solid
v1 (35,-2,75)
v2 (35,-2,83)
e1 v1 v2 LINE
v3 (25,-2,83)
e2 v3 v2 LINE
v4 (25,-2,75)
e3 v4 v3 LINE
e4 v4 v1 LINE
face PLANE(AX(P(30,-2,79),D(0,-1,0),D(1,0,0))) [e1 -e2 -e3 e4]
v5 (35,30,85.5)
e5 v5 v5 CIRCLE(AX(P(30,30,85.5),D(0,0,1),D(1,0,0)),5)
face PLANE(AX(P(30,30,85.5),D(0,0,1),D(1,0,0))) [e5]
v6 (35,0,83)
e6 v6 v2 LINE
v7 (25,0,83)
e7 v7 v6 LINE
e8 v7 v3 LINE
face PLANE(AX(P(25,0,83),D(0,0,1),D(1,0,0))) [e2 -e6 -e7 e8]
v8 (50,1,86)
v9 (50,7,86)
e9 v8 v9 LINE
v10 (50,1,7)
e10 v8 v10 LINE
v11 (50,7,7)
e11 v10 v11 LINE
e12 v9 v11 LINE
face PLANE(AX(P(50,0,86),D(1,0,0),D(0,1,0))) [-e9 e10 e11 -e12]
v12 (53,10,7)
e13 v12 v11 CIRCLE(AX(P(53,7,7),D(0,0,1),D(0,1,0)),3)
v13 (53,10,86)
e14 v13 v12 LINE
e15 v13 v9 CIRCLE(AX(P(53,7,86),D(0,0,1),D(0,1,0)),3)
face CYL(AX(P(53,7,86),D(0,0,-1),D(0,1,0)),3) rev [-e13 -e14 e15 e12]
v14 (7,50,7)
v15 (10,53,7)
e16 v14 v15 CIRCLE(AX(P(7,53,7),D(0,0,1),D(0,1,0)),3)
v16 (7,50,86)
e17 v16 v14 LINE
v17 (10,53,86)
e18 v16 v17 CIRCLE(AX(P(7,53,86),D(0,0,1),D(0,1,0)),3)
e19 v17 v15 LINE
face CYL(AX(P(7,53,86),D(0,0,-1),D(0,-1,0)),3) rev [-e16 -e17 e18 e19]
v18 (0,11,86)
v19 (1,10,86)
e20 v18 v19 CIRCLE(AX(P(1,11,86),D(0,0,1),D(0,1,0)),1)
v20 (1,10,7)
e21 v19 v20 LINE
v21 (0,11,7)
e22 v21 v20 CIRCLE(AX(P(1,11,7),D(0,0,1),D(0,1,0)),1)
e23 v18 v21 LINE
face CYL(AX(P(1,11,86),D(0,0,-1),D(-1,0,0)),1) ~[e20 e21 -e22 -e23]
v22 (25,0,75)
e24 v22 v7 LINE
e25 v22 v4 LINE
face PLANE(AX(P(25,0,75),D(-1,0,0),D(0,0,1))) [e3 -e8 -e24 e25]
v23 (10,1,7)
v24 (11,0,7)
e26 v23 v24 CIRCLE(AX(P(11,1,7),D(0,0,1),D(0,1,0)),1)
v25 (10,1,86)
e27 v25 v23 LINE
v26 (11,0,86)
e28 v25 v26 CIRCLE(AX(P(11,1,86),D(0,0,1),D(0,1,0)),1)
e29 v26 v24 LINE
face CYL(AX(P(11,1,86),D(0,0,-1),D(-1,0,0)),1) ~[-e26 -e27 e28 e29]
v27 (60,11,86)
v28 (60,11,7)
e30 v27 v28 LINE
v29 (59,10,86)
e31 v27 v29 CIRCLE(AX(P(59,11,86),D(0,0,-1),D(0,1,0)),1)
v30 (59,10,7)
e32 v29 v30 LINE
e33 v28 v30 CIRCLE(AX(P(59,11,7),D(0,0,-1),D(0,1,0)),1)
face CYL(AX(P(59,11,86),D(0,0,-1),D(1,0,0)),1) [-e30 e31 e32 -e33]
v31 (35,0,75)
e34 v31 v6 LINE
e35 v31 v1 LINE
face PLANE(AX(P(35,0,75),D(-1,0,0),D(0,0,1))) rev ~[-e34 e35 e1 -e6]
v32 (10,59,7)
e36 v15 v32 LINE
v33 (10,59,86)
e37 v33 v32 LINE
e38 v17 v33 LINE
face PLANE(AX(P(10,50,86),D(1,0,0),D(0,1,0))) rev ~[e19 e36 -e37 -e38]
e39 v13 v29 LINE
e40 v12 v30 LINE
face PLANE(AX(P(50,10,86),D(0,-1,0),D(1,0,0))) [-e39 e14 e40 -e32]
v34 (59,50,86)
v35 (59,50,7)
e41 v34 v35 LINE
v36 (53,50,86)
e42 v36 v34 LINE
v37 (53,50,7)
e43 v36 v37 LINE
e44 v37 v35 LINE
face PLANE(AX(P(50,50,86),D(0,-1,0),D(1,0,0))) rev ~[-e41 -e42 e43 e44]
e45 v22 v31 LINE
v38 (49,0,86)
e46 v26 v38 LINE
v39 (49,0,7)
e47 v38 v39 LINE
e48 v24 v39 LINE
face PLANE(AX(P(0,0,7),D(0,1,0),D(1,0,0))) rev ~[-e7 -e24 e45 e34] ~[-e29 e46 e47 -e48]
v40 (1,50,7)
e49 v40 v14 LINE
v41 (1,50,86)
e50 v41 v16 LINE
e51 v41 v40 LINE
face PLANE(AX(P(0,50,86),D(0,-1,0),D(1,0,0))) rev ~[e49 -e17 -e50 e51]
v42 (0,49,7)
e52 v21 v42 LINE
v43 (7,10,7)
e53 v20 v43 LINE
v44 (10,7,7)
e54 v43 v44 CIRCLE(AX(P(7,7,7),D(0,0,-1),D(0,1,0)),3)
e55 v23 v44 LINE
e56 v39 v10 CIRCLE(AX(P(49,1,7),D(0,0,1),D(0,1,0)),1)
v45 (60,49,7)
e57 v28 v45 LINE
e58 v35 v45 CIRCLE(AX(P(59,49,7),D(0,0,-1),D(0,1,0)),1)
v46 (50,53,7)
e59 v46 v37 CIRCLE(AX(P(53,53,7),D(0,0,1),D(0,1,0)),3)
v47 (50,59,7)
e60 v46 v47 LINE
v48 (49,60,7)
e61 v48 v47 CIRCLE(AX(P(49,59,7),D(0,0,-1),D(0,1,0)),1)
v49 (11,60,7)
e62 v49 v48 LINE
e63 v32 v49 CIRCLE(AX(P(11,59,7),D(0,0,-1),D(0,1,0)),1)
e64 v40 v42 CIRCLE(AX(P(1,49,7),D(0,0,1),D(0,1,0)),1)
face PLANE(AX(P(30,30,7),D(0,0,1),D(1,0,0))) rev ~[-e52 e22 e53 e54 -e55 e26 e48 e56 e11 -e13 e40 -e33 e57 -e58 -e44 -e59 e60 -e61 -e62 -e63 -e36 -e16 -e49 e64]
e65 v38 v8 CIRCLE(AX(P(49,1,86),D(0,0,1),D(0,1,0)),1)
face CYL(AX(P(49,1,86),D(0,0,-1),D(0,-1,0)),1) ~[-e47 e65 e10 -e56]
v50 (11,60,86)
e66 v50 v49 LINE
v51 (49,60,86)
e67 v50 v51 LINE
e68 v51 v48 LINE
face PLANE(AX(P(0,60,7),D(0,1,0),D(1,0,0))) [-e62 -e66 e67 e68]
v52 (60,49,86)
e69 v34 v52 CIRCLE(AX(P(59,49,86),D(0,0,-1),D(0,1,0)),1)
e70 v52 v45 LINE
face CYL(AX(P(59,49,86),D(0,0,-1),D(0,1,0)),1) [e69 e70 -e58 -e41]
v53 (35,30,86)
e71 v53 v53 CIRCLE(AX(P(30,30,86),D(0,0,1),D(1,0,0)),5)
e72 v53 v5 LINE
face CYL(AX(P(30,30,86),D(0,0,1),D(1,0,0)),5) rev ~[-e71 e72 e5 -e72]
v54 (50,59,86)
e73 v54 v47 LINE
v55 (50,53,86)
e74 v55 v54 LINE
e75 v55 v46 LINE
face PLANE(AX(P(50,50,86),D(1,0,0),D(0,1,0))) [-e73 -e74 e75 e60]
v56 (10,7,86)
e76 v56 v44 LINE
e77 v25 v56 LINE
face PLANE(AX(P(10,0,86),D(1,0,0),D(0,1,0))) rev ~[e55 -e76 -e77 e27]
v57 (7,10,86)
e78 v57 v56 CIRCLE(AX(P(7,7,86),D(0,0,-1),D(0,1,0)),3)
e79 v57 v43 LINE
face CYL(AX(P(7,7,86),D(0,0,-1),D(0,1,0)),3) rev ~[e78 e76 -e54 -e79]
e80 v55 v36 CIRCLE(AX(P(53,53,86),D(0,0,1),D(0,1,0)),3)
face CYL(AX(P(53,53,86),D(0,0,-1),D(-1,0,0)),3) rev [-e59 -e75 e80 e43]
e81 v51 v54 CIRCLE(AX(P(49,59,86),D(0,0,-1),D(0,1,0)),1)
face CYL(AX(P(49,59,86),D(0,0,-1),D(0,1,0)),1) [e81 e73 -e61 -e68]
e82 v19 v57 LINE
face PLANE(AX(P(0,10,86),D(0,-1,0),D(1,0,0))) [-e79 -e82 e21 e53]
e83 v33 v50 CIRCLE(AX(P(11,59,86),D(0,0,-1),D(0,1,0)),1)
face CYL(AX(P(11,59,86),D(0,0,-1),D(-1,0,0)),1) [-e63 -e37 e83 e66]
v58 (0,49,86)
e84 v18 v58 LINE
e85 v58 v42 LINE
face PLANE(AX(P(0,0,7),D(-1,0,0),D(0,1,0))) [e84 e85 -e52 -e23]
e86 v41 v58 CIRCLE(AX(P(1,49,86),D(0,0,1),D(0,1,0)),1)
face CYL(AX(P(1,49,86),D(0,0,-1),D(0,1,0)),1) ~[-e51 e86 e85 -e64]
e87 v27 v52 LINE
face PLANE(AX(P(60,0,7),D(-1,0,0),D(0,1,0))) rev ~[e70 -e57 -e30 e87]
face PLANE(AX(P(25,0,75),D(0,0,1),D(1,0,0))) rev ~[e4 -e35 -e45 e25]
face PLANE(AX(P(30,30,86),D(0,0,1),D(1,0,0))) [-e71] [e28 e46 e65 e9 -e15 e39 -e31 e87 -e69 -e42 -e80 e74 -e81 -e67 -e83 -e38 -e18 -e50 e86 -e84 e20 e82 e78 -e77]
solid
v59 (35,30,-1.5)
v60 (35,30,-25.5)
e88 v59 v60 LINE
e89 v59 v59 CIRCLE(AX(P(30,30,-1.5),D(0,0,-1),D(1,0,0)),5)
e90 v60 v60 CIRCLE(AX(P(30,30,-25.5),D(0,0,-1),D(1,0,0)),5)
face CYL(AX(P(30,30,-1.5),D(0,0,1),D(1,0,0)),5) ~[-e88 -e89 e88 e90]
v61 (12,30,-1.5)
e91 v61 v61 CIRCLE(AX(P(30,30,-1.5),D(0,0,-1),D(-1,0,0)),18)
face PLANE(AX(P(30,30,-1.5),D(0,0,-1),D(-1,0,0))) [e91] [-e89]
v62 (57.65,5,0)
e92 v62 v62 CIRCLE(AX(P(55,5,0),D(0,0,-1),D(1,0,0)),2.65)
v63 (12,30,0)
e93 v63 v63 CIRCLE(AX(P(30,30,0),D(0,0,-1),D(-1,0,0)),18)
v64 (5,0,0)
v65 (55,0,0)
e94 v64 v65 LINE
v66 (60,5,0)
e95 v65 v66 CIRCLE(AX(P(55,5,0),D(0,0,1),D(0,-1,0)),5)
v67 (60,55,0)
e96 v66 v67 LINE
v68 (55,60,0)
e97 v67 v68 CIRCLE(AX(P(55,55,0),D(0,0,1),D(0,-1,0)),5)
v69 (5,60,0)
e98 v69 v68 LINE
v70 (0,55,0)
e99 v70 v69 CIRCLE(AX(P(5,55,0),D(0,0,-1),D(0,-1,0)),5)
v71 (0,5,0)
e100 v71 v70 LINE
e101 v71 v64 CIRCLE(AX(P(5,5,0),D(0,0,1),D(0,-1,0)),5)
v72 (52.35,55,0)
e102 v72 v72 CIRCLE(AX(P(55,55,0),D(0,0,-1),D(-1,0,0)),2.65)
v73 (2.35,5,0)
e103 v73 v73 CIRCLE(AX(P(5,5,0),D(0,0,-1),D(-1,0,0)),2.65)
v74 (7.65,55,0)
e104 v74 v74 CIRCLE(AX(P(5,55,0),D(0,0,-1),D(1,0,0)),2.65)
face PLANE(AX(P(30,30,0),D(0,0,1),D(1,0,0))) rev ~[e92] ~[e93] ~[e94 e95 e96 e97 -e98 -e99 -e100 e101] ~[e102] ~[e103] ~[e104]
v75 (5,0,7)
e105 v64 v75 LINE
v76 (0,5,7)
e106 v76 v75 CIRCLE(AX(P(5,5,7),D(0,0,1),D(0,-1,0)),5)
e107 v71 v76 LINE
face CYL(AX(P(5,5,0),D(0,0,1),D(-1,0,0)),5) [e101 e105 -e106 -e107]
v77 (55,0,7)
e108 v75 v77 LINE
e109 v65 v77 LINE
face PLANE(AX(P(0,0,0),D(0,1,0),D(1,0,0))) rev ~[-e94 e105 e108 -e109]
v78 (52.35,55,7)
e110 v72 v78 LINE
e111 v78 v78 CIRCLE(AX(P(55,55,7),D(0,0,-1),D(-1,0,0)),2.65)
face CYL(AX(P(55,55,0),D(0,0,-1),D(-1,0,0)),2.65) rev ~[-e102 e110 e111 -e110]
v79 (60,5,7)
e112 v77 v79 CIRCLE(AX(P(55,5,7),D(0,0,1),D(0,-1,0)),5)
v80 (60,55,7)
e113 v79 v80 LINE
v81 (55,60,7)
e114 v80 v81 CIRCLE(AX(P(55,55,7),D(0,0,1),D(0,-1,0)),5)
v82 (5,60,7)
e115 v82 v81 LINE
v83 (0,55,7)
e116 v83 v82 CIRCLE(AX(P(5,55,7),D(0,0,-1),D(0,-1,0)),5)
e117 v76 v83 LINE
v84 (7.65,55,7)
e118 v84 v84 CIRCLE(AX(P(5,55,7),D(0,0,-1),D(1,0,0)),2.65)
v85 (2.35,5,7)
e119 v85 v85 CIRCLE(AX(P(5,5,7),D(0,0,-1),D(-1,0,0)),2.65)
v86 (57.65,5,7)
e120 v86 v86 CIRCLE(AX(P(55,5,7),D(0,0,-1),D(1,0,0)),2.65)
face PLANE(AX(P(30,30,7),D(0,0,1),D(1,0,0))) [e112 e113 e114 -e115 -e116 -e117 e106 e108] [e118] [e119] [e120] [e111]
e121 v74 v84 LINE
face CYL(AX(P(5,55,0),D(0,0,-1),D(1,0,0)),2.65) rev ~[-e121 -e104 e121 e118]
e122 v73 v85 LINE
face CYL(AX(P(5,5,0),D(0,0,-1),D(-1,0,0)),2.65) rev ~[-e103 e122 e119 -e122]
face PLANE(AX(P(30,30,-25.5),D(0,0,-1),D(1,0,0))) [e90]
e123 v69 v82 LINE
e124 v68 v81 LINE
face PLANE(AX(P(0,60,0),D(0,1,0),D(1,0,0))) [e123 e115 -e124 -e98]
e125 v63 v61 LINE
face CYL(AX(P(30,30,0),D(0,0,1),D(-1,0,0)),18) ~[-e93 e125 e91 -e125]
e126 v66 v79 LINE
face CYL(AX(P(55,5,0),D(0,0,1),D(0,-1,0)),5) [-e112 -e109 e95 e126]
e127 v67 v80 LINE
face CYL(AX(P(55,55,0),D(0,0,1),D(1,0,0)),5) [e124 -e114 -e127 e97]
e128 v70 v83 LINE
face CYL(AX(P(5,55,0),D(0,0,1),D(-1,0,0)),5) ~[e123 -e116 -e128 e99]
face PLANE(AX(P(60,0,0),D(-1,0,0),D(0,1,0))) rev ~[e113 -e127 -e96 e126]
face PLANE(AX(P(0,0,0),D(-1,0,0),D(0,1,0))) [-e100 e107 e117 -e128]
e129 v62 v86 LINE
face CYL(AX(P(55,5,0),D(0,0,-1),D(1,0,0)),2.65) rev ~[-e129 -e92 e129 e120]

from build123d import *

# Parameters (mm, degrees)
SKETCH_1_W          = 60
SKETCH_1_H          = 60
EXTRUDE_1_DEPTH     = 7
FILLET_1_R          = 5
SKETCH_3_R          = 2.65
CUT_EXTRUDE_1_DEPTH = 86.141059425
SKETCH_4_W          = 60
SKETCH_4_H          = 60
EXTRUDE_2_DEPTH     = 79
SKETCH_5_W          = 10
SKETCH_5_H          = 10
CUT_EXTRUDE_2_DEPTH = 79
FILLET_2_R          = 3
FILLET_3_R          = 1
SKETCH_6_R          = 5
CUT_EXTRUDE_3_DEPTH = 0.5
SKETCH_7_R          = 18
EXTRUDE_3_DEPTH     = 1.5
SKETCH_8_R          = 5
EXTRUDE_4_DEPTH     = 24
SKETCH_9_W          = 10
SKETCH_9_H          = 8
EXTRUDE_5_DEPTH     = 2


with BuildPart() as part:
    # 草图1 → 凸台-拉伸1 (new body)
    with BuildSketch(Plane.XY):
        with Locations((30, 30)):
            Rectangle(SKETCH_1_W, SKETCH_1_H)
    extrude(amount=EXTRUDE_1_DEPTH)

    # 圆角1
    fillet_1_edges = [part.edges().sort_by_distance(p)[0] for p in [
        (0, 60, 3.5),
        (60, 60, 3.5),
        (60, 0, 3.5),
        (0, 0, 3.5),
    ]]
    fillet(fillet_1_edges, radius=FILLET_1_R)

    # 草图3 → 切除-拉伸1 (cut, through all)
    with BuildSketch(Plane(origin=(0, 0, 0), x_dir=(-1, 0, 0), z_dir=(0, 0, -1))):
        with Locations((-55, 55)):
            Circle(SKETCH_3_R)
        with Locations(Location((-5, 55, 0), (0, 0, 180))):
            Circle(SKETCH_3_R)
        with Locations((-5, 5)):
            Circle(SKETCH_3_R)
        with Locations(Location((-55, 5, 0), (0, 0, 180))):
            Circle(SKETCH_3_R)
    extrude(amount=-CUT_EXTRUDE_1_DEPTH, mode=Mode.SUBTRACT)

    # 草图7 → 凸台-拉伸3 (add)
    with BuildSketch(Plane(origin=(0, 0, 0), x_dir=(-1, 0, 0), z_dir=(0, 0, -1))):
        with Locations((-30, 30)):
            Circle(SKETCH_7_R)
    extrude(amount=EXTRUDE_3_DEPTH)

    # 草图8 → 凸台-拉伸4 (add)
    with BuildSketch(Plane(origin=(0, 0, -1.5), x_dir=(-1, 0, 0), z_dir=(0, 0, -1))):
        with Locations(Location((-30, 30, 0), (0, 0, 180))):
            Circle(SKETCH_8_R)
    extrude(amount=EXTRUDE_4_DEPTH)


with BuildPart() as body_2:
    # 草图4 → 凸台-拉伸2 (new body)
    with BuildSketch(Plane.XY.offset(7)):
        with Locations((30, 30)):
            Rectangle(SKETCH_4_W, SKETCH_4_H)
    extrude(amount=EXTRUDE_2_DEPTH)

    # 草图5 → 切除-拉伸2 (cut)
    with BuildSketch(Plane.XY.offset(86)):
        with Locations((5, 55)):
            Rectangle(SKETCH_5_W, SKETCH_5_H)
        with Locations((5, 5)):
            Rectangle(SKETCH_5_W, SKETCH_5_H)
        with Locations((55, 5)):
            Rectangle(SKETCH_5_W, SKETCH_5_H)
        with Locations((55, 55)):
            Rectangle(SKETCH_5_W, SKETCH_5_H)
    extrude(amount=-CUT_EXTRUDE_2_DEPTH, mode=Mode.SUBTRACT)

    # 圆角2
    fillet_2_edges = [body_2.edges().sort_by_distance(p)[0] for p in [
        (10, 50, 46.5),
        (10, 10, 46.5),
        (50, 10, 46.5),
        (50, 50, 46.5),
    ]]
    fillet(fillet_2_edges, radius=FILLET_2_R)

    # 圆角3
    fillet_3_edges = [body_2.edges().sort_by_distance(p)[0] for p in [
        (0, 50, 46.5),
        (10, 60, 46.5),
        (10, 0, 46.5),
        (0, 10, 46.5),
        (60, 10, 46.5),
        (50, 0, 46.5),
        (50, 60, 46.5),
        (60, 50, 46.5),
    ]]
    fillet(fillet_3_edges, radius=FILLET_3_R)

    # 草图6 → 切除-拉伸3 (cut)
    with BuildSketch(Plane.XY.offset(86)):
        with Locations((30, 30)):
            Circle(SKETCH_6_R)
    extrude(amount=-CUT_EXTRUDE_3_DEPTH, mode=Mode.SUBTRACT)

    # 草图9 → 凸台-拉伸5 (add)
    with BuildSketch(Plane.XZ):
        with Locations((30, 79)):
            Rectangle(SKETCH_9_W, SKETCH_9_H)
    extrude(amount=EXTRUDE_5_DEPTH)


solid = Compound([part.part, body_2.part])
